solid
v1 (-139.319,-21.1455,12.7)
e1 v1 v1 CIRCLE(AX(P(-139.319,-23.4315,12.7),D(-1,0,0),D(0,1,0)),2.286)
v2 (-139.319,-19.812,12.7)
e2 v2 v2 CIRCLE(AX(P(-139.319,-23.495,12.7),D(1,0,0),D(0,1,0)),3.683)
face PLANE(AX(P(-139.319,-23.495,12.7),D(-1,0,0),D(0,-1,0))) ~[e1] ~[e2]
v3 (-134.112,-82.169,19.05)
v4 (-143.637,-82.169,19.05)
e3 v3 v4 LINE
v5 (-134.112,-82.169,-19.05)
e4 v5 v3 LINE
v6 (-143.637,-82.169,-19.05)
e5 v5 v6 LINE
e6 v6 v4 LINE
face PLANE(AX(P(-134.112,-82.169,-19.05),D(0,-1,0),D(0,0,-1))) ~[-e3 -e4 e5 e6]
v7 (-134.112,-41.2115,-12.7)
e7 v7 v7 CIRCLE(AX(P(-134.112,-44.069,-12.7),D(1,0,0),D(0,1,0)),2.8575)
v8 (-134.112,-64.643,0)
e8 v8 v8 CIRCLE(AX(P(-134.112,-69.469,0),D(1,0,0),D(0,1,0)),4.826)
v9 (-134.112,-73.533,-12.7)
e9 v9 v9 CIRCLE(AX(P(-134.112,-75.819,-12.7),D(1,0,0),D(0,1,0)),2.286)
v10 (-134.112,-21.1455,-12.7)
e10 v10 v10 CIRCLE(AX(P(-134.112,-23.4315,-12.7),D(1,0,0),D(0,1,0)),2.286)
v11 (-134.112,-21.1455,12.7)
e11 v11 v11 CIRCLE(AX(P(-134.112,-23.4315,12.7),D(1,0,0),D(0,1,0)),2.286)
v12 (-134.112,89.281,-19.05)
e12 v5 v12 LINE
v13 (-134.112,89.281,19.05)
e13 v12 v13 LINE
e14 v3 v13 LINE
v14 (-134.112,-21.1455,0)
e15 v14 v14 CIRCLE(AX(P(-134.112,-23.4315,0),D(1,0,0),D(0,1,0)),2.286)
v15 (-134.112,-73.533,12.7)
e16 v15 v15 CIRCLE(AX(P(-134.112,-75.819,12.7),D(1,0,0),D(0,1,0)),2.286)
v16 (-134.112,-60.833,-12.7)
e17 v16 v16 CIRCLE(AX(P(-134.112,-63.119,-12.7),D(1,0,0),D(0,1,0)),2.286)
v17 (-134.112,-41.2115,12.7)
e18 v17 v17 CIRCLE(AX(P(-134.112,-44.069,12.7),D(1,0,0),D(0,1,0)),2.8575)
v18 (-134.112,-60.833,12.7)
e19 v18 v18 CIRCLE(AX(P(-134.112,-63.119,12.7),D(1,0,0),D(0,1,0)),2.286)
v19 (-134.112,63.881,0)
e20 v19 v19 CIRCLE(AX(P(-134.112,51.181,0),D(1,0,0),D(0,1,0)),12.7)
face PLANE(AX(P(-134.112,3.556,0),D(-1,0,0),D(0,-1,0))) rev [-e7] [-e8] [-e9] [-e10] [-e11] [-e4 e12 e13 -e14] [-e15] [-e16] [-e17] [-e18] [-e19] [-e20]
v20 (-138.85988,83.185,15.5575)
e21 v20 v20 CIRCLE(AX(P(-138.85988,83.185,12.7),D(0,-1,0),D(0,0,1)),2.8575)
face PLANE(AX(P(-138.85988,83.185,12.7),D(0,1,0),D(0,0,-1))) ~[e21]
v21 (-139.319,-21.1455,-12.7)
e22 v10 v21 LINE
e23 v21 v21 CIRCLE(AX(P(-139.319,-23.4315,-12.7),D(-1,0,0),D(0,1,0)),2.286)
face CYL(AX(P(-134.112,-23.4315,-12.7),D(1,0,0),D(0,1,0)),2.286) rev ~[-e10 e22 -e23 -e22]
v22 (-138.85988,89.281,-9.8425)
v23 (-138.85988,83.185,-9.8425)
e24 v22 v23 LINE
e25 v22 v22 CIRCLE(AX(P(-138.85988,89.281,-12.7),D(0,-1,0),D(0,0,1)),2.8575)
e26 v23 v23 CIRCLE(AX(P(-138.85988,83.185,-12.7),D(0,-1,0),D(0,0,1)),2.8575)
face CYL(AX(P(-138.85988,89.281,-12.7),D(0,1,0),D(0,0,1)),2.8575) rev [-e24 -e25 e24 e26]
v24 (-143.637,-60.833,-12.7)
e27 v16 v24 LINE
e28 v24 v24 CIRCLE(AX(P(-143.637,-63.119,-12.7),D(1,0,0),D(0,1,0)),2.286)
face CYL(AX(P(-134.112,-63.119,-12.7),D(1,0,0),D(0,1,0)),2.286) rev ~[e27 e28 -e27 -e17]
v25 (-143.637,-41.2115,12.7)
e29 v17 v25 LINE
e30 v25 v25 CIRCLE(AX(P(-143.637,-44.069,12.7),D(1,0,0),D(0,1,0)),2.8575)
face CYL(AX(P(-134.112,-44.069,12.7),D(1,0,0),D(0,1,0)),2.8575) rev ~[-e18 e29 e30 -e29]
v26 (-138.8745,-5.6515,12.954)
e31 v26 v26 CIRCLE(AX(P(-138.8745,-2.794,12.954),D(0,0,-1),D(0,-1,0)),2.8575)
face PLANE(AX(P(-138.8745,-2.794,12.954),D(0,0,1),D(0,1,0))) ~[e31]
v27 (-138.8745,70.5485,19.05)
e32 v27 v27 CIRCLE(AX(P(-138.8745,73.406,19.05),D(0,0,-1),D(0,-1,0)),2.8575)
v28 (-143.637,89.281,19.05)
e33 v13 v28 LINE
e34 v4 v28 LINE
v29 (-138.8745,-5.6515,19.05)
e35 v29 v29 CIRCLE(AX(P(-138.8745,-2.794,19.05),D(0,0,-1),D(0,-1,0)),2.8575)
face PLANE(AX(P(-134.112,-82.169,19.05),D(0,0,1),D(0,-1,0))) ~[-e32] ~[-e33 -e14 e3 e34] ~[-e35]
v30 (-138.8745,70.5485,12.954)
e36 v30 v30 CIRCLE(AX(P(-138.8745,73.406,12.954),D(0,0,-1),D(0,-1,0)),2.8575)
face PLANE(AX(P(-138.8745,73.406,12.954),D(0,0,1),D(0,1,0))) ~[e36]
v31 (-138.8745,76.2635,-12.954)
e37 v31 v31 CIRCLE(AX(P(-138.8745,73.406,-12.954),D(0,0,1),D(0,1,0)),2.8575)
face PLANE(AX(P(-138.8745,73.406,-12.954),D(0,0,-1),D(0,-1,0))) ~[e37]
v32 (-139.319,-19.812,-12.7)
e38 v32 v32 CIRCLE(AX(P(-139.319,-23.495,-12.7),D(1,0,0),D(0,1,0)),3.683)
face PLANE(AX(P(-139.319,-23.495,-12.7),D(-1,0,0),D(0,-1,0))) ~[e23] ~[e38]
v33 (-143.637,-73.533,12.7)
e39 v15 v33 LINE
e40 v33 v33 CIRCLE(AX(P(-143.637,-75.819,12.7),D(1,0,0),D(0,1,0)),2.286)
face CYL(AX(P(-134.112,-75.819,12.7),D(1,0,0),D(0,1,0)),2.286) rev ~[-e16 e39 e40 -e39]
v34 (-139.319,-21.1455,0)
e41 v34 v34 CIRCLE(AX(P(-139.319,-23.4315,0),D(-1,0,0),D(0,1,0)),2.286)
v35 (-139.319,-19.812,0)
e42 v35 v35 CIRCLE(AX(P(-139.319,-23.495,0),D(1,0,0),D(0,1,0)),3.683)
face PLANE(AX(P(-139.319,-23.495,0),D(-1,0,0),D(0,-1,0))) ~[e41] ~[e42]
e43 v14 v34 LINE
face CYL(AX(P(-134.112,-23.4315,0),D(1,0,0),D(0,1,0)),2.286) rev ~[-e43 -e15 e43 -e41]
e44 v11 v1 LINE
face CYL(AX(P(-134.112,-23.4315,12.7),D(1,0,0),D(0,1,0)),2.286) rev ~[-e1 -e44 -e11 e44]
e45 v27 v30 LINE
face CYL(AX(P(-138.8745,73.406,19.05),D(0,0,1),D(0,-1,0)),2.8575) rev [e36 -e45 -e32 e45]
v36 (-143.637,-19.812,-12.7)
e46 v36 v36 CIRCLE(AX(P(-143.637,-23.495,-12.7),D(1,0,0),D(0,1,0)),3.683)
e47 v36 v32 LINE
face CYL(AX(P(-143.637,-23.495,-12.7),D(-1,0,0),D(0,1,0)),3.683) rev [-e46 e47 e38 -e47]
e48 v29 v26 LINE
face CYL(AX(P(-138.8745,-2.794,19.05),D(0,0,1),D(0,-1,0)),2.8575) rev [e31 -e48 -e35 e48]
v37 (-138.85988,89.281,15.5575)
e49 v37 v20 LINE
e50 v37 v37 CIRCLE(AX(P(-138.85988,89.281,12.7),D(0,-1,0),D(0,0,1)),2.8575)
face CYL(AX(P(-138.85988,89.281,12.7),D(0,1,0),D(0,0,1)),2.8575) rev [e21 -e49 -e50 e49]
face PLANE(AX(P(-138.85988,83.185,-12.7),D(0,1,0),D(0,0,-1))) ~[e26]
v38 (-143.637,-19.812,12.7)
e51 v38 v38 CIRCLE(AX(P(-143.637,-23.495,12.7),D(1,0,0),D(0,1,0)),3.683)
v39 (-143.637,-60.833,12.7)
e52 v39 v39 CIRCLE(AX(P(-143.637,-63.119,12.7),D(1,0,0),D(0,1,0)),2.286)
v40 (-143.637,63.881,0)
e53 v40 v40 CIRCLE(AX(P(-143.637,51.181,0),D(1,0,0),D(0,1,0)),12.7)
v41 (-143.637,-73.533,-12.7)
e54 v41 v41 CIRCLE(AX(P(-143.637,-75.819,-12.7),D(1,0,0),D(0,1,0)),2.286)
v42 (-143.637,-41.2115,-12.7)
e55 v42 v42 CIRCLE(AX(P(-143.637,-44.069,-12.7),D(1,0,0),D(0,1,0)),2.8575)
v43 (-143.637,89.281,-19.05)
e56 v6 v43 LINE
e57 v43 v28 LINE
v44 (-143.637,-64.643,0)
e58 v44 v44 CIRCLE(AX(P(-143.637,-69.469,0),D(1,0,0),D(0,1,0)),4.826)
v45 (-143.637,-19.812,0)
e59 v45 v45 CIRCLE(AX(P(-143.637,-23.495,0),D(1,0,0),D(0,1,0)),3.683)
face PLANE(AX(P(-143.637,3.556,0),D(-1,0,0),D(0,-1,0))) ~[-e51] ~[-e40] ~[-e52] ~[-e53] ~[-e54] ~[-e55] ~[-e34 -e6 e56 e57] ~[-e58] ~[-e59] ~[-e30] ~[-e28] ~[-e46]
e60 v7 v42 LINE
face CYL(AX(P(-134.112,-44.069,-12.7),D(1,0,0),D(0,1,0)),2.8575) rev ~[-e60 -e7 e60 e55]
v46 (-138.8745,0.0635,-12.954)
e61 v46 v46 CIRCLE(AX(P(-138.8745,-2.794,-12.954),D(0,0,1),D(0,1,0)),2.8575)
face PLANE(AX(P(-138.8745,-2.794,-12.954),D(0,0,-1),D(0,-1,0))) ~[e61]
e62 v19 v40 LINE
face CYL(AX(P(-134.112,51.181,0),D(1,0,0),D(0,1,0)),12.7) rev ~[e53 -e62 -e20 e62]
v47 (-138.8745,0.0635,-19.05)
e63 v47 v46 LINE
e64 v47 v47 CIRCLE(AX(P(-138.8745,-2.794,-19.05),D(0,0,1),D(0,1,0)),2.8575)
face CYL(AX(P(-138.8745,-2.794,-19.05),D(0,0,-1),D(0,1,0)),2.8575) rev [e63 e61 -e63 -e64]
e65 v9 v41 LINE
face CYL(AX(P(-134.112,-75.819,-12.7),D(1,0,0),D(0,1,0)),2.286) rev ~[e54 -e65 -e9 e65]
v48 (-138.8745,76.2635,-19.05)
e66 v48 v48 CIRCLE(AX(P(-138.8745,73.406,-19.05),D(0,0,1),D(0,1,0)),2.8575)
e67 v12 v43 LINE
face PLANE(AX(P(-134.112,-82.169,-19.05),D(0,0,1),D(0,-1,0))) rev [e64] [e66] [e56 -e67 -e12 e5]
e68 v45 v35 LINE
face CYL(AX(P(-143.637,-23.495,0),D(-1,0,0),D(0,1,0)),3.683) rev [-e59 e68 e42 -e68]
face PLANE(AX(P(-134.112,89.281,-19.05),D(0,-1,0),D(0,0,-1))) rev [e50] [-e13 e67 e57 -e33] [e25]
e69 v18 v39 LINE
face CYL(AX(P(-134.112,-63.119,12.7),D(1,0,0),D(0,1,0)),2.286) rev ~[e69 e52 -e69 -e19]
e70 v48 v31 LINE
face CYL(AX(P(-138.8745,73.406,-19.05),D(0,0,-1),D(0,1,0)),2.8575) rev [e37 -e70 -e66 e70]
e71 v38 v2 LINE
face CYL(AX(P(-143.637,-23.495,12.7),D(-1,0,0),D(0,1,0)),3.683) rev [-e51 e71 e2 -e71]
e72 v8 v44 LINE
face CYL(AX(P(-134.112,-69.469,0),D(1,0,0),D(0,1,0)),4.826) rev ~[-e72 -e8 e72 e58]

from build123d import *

# Parameters (mm, degrees)
SKETCH_W        = 171.45
SKETCH_H        = 38.1
SKETCH_R        = 4.826
SKETCH_R_2      = 2.286
SKETCH_R_3      = 12.7
SKETCH_R_4      = 2.8575
PAD_DEPTH       = 9.525
SKETCH001_R     = 2.8575
POCKET_DEPTH    = 6.096
SKETCH086_R     = 2.8575
POCKET014_DEPTH = 6.096
SKETCH087_R     = 2.8575
POCKET015_DEPTH = 6.096
SKETCH094_R     = 3.683
POCKET022_DEPTH = 4.318


with BuildPart() as left_wall:
    # Sketch → Pad (new body)
    with BuildSketch(Plane.YZ):
        Rectangle(SKETCH_W, SKETCH_H)
        with Locations((-73.025, 0)):
            Circle(SKETCH_R, mode=Mode.SUBTRACT)
        with Locations((-26.9875, 12.7)):
            Circle(SKETCH_R_2, mode=Mode.SUBTRACT)
        with Locations((-26.9875, -12.7)):
            Circle(SKETCH_R_2, mode=Mode.SUBTRACT)
        with Locations((47.625, 0)):
            Circle(SKETCH_R_3, mode=Mode.SUBTRACT)
        with Locations((-79.375, -12.7)):
            Circle(SKETCH_R_2, mode=Mode.SUBTRACT)
        with Locations((-66.675, -12.7)):
            Circle(SKETCH_R_2, mode=Mode.SUBTRACT)
        with Locations((-47.625, 12.7)):
            Circle(SKETCH_R_4, mode=Mode.SUBTRACT)
        with Locations((-47.625, -12.7)):
            Circle(SKETCH_R_4, mode=Mode.SUBTRACT)
        with Locations((-26.9875, 0)):
            Circle(SKETCH_R_2, mode=Mode.SUBTRACT)
        with Locations((-79.375, 12.7)):
            Circle(SKETCH_R_2, mode=Mode.SUBTRACT)
        with Locations((-66.675, 12.7)):
            Circle(SKETCH_R_2, mode=Mode.SUBTRACT)
    extrude(amount=PAD_DEPTH)

    # Sketch001 (on Face3 of Pad) → Pocket (cut)
    with BuildSketch(Plane.ZX.offset(85.725)):
        with Locations((12.7, 4.74788)):
            Circle(SKETCH001_R)
        with Locations((-12.7, 4.74788)):
            Circle(SKETCH001_R)
    extrude(amount=-POCKET_DEPTH, mode=Mode.SUBTRACT)

    # Sketch086 (on Face2 of Pocket) → Pocket014 (cut)
    with BuildSketch(Plane(origin=(0, 0, 19.05), x_dir=(0, -1, 0), z_dir=(0, 0, 1))):
        with Locations((-69.85, 4.7625)):
            Circle(SKETCH086_R)
        with Locations((6.35, 4.7625)):
            Circle(SKETCH086_R)
    extrude(amount=-POCKET014_DEPTH, mode=Mode.SUBTRACT)

    # Sketch087 (on Face3 of Pocket) → Pocket015 (cut)
    with BuildSketch(Plane.YX.offset(19.05)):
        with Locations((-6.35, 4.7625)):
            Circle(SKETCH087_R)
        with Locations((69.85, 4.7625)):
            Circle(SKETCH087_R)
    extrude(amount=-POCKET015_DEPTH, mode=Mode.SUBTRACT)

    # Sketch094 (on Face5 of Pocket015) → Pocket022 (cut)
    with BuildSketch(Plane.YZ.offset(9.525)):
        with Locations((-27.051, 12.7)):
            Circle(SKETCH094_R)
        with Locations((-27.051, -12.7)):
            Circle(SKETCH094_R)
        with Locations((-27.051, 0)):
            Circle(SKETCH094_R)
    extrude(amount=-POCKET022_DEPTH, mode=Mode.SUBTRACT)


with BuildPart() as left_wall_1:
    # Body placement: moved
    add(left_wall.part.moved(Location((0, 3.556, 0))))


with BuildPart() as right_wall:
    # Part__Mirroring: instance of left-wall
    add(left_wall_1.part.mirror(Plane(origin=(0, 0, 0), x_dir=(0, -1, 0), z_dir=(1, 0, 0))))


with BuildPart() as right_wall_1:
    # Part__Mirroring placement: moved
    add(right_wall.part.moved(Location((-134.112, 0, 0))))


solid = right_wall_1.part
